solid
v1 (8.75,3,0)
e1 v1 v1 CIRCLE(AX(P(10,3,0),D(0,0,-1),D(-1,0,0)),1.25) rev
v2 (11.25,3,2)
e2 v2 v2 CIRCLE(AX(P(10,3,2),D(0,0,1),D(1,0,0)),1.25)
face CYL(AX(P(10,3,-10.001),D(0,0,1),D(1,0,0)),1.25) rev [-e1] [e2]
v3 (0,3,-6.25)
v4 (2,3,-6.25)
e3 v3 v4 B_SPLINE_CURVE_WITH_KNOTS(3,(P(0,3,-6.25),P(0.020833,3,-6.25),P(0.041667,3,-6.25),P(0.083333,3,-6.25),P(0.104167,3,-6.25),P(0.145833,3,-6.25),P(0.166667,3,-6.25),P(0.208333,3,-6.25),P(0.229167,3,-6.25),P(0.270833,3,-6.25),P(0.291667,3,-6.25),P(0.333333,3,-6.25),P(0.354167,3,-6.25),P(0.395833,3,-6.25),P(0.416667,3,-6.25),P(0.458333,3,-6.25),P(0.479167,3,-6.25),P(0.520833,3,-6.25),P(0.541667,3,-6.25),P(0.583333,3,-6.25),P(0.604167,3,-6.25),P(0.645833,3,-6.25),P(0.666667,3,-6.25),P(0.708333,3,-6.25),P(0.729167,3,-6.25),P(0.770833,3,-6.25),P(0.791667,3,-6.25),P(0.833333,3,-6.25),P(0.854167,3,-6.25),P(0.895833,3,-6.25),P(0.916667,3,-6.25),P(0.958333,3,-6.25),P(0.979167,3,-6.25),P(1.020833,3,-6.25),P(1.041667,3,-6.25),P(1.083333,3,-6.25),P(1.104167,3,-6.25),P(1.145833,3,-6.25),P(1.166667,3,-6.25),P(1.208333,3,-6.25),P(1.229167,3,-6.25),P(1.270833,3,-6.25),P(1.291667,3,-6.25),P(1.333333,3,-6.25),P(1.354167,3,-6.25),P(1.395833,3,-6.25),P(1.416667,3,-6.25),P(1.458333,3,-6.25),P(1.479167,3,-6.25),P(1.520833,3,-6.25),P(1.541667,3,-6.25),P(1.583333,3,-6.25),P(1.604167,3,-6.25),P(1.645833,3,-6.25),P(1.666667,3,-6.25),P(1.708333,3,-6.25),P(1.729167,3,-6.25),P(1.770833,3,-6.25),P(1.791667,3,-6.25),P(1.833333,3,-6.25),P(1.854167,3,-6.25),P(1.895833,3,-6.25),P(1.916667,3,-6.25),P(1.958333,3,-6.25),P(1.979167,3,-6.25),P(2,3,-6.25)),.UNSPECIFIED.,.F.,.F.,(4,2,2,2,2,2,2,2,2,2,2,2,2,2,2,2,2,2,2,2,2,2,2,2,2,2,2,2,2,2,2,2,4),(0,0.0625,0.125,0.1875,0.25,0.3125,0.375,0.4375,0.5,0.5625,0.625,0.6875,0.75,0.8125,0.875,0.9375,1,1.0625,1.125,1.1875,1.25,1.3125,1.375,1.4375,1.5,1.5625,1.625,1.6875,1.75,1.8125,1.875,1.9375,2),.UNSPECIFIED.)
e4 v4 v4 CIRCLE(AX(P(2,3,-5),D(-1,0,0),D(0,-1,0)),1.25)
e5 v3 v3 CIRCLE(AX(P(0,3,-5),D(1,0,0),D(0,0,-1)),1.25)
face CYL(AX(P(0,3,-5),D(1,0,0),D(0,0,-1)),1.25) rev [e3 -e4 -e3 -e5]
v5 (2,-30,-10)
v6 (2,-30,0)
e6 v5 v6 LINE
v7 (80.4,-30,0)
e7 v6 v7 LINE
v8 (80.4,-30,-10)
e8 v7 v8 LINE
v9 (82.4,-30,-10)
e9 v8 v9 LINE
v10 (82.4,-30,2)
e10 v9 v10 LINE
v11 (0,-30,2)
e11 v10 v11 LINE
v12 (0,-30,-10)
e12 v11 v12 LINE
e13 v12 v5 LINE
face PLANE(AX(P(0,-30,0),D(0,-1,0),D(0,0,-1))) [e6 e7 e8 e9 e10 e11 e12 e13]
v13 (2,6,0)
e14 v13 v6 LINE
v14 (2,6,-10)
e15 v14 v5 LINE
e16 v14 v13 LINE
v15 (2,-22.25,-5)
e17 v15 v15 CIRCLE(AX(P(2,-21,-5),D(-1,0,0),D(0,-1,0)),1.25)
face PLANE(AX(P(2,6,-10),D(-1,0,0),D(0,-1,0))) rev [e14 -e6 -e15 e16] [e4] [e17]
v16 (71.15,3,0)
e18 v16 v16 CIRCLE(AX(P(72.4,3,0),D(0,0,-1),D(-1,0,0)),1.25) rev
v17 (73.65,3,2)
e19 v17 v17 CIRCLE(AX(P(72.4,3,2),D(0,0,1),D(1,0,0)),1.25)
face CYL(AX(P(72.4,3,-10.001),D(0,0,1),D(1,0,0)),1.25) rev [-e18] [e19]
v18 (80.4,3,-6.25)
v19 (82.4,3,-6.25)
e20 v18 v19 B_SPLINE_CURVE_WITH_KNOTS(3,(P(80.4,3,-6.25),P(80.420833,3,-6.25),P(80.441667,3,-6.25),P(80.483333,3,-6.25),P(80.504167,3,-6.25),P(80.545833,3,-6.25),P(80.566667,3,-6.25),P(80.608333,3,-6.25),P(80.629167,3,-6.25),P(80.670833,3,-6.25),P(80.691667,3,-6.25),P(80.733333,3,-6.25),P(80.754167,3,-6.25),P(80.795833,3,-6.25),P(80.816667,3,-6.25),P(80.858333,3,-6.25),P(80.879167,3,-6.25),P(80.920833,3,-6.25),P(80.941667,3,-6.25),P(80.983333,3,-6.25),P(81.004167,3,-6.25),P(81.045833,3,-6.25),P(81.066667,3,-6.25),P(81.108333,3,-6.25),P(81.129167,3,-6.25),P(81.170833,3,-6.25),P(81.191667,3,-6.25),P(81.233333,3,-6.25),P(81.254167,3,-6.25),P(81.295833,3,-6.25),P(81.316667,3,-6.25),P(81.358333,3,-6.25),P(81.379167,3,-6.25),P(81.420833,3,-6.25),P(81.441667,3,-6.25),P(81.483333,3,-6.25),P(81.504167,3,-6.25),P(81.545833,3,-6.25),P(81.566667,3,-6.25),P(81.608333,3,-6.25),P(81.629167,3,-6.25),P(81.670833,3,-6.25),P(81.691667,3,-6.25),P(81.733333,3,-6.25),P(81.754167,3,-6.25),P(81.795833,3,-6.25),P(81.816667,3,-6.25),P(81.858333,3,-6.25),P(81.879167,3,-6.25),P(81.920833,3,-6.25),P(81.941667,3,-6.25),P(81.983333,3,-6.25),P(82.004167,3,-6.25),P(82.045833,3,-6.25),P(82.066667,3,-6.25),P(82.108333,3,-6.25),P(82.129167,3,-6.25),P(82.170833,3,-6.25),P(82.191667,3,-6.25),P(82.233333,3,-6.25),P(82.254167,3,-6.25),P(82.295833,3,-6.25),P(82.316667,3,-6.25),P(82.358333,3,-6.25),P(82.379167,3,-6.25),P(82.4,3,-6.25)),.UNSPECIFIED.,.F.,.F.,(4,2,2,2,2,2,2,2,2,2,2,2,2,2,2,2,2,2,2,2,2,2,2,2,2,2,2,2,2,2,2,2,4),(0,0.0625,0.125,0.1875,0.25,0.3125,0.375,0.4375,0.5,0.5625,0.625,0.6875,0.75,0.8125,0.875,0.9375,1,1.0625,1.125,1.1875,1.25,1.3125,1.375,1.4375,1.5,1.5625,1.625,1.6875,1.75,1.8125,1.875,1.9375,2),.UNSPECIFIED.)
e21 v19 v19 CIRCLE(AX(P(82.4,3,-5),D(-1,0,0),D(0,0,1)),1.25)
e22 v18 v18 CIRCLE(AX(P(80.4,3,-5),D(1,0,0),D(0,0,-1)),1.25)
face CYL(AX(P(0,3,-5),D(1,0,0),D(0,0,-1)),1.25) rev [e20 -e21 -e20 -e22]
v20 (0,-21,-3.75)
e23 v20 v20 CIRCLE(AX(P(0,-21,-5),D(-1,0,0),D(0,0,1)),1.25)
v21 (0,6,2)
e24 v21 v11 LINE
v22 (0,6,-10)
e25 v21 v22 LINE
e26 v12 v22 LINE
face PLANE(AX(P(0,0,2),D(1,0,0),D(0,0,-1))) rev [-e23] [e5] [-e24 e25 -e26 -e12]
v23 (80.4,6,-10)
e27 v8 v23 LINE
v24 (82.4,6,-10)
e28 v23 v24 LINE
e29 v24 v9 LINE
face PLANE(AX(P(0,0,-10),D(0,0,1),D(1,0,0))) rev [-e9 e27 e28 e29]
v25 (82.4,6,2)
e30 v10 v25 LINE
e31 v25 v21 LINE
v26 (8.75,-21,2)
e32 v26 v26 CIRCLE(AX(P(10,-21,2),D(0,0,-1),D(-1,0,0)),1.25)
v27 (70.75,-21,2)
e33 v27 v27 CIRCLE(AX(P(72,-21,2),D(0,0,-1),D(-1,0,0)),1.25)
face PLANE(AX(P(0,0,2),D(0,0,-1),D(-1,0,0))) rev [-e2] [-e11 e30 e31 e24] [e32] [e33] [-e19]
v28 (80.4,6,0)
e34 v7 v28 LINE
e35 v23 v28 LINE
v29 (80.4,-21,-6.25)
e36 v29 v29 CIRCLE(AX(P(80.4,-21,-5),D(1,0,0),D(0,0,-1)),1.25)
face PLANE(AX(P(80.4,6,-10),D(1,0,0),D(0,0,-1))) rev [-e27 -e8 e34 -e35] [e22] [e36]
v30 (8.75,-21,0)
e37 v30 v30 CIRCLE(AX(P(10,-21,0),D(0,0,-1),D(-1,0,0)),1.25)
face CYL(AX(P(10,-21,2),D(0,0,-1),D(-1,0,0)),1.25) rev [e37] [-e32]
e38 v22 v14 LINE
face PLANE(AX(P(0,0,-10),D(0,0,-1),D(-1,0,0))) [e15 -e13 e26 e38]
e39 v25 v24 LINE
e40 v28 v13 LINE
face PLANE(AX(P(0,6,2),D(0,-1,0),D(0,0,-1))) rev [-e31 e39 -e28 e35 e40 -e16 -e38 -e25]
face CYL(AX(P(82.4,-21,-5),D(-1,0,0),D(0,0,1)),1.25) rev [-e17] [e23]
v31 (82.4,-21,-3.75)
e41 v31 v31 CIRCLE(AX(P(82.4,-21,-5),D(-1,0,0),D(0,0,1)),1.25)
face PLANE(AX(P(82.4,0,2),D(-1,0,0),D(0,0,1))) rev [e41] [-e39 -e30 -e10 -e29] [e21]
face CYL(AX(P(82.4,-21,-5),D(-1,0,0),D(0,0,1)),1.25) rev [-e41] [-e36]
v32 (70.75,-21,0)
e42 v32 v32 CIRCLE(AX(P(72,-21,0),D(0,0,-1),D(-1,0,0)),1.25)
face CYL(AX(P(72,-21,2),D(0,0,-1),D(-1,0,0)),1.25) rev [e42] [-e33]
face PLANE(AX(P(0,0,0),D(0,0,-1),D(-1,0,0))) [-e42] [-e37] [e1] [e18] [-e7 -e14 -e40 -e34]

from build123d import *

# Parameters (mm, degrees)
SKETCH_1_W               = 82.4
SKETCH_1_H               = 6
EXTRUDE_1_DEPTH          = 2
SKETCH_2_W               = 2
SKETCH_2_H               = 6
EXTRUDE_2_DEPTH          = 10
CUT_EXTRUDE_1_REACH      = 85.485
SKETCH_3_R               = 1.25
CUT_EXTRUDE_2_DEPTH      = 84.221151158
CUT_EXTRUDE_2_DEPTH_BACK = 84.221151158
SKETCH_4_R               = 1.25
EXTRUDE_3_DEPTH          = 30
CUT_EXTRUDE_3_DEPTH      = 87.395370246
CUT_EXTRUDE_3_DEPTH_BACK = 87.395370246
SKETCH_9_R               = 1.25
SKETCH_10_R              = 1.25
CUT_EXTRUDE_4_DEPTH      = 89.25961704


with BuildPart() as part:
    # 草图1 → 凸台-拉伸1 (new body)
    with BuildSketch(Plane.XY):
        with Locations((41.2, 3)):
            Rectangle(SKETCH_1_W, SKETCH_1_H)
    extrude(amount=EXTRUDE_1_DEPTH)

    # 草图2 → 凸台-拉伸2 (add)
    with BuildSketch(Plane(origin=(0, 0, 0), x_dir=(-1, 0, 0), z_dir=(0, 0, -1))):
        with Locations((-1, 3)):
            Rectangle(SKETCH_2_W, SKETCH_2_H)
        with Locations((-81.4, 3)):
            Rectangle(SKETCH_2_W, SKETCH_2_H)
    extrude(amount=EXTRUDE_2_DEPTH)

    # 草图3 → 切除-拉伸1 (cut, up to next)
    with BuildSketch(Plane.XY.offset(2), mode=Mode.PRIVATE) as cut_extrude_1_sk1:
        with Locations((10, 3)):
            Circle(SKETCH_3_R)
    cut_extrude_1_tool1 = extrude(cut_extrude_1_sk1.sketch, amount=-CUT_EXTRUDE_1_REACH, mode=Mode.PRIVATE) & part.part
    # 草图3 → 切除-拉伸1 (cut, up to next)
    with BuildSketch(Plane.XY.offset(2), mode=Mode.PRIVATE) as cut_extrude_1_sk2:
        with Locations((72.4, 3)):
            Circle(SKETCH_3_R)
    cut_extrude_1_tool2 = extrude(cut_extrude_1_sk2.sketch, amount=-CUT_EXTRUDE_1_REACH, mode=Mode.PRIVATE) & part.part
    add(cut_extrude_1_tool1.solids().sort_by_distance((10, 3, 2))[0], mode=Mode.SUBTRACT)
    add(cut_extrude_1_tool2.solids().sort_by_distance((72.4, 3, 2))[0], mode=Mode.SUBTRACT)

    # 草图4 → 切除-拉伸2 (cut, two sides: drawn at the far end of the back side and taken through both)
    with BuildSketch(Plane(origin=(82.4, 0, 0), x_dir=(0, 0, -1), z_dir=(1, 0, 0)).offset(-CUT_EXTRUDE_2_DEPTH_BACK)):
        with Locations((5, 3)):
            Circle(SKETCH_4_R)
    extrude(amount=CUT_EXTRUDE_2_DEPTH + CUT_EXTRUDE_2_DEPTH_BACK, mode=Mode.SUBTRACT)

    # 草图5 → 凸台-拉伸3 (add)
    with BuildSketch(Plane.XZ):
        Polygon((0, 2), (0, -10), (2, -10), (2, 0), (80.4, 0), (80.4, -10), (82.4, -10), (82.4, 2), align=None)
    extrude(amount=EXTRUDE_3_DEPTH)

    # 草图9 → 切除-拉伸3 (cut, two sides: drawn at the far end of the back side and taken through both)
    with BuildSketch(Plane.ZY.offset(-80.4).offset(-CUT_EXTRUDE_3_DEPTH_BACK)):
        with Locations((-5, -21)):
            Circle(SKETCH_9_R)
    extrude(amount=CUT_EXTRUDE_3_DEPTH + CUT_EXTRUDE_3_DEPTH_BACK, mode=Mode.SUBTRACT)

    # 草图10 → 切除-拉伸4 (cut, through all)
    with BuildSketch(Plane(origin=(0, 0, 0), x_dir=(-1, 0, 0), z_dir=(0, 0, -1))):
        with Locations((-10, -21)):
            Circle(SKETCH_10_R)
        with Locations((-72, -21)):
            Circle(SKETCH_10_R)
    extrude(amount=-CUT_EXTRUDE_4_DEPTH, mode=Mode.SUBTRACT)


solid = part.part
